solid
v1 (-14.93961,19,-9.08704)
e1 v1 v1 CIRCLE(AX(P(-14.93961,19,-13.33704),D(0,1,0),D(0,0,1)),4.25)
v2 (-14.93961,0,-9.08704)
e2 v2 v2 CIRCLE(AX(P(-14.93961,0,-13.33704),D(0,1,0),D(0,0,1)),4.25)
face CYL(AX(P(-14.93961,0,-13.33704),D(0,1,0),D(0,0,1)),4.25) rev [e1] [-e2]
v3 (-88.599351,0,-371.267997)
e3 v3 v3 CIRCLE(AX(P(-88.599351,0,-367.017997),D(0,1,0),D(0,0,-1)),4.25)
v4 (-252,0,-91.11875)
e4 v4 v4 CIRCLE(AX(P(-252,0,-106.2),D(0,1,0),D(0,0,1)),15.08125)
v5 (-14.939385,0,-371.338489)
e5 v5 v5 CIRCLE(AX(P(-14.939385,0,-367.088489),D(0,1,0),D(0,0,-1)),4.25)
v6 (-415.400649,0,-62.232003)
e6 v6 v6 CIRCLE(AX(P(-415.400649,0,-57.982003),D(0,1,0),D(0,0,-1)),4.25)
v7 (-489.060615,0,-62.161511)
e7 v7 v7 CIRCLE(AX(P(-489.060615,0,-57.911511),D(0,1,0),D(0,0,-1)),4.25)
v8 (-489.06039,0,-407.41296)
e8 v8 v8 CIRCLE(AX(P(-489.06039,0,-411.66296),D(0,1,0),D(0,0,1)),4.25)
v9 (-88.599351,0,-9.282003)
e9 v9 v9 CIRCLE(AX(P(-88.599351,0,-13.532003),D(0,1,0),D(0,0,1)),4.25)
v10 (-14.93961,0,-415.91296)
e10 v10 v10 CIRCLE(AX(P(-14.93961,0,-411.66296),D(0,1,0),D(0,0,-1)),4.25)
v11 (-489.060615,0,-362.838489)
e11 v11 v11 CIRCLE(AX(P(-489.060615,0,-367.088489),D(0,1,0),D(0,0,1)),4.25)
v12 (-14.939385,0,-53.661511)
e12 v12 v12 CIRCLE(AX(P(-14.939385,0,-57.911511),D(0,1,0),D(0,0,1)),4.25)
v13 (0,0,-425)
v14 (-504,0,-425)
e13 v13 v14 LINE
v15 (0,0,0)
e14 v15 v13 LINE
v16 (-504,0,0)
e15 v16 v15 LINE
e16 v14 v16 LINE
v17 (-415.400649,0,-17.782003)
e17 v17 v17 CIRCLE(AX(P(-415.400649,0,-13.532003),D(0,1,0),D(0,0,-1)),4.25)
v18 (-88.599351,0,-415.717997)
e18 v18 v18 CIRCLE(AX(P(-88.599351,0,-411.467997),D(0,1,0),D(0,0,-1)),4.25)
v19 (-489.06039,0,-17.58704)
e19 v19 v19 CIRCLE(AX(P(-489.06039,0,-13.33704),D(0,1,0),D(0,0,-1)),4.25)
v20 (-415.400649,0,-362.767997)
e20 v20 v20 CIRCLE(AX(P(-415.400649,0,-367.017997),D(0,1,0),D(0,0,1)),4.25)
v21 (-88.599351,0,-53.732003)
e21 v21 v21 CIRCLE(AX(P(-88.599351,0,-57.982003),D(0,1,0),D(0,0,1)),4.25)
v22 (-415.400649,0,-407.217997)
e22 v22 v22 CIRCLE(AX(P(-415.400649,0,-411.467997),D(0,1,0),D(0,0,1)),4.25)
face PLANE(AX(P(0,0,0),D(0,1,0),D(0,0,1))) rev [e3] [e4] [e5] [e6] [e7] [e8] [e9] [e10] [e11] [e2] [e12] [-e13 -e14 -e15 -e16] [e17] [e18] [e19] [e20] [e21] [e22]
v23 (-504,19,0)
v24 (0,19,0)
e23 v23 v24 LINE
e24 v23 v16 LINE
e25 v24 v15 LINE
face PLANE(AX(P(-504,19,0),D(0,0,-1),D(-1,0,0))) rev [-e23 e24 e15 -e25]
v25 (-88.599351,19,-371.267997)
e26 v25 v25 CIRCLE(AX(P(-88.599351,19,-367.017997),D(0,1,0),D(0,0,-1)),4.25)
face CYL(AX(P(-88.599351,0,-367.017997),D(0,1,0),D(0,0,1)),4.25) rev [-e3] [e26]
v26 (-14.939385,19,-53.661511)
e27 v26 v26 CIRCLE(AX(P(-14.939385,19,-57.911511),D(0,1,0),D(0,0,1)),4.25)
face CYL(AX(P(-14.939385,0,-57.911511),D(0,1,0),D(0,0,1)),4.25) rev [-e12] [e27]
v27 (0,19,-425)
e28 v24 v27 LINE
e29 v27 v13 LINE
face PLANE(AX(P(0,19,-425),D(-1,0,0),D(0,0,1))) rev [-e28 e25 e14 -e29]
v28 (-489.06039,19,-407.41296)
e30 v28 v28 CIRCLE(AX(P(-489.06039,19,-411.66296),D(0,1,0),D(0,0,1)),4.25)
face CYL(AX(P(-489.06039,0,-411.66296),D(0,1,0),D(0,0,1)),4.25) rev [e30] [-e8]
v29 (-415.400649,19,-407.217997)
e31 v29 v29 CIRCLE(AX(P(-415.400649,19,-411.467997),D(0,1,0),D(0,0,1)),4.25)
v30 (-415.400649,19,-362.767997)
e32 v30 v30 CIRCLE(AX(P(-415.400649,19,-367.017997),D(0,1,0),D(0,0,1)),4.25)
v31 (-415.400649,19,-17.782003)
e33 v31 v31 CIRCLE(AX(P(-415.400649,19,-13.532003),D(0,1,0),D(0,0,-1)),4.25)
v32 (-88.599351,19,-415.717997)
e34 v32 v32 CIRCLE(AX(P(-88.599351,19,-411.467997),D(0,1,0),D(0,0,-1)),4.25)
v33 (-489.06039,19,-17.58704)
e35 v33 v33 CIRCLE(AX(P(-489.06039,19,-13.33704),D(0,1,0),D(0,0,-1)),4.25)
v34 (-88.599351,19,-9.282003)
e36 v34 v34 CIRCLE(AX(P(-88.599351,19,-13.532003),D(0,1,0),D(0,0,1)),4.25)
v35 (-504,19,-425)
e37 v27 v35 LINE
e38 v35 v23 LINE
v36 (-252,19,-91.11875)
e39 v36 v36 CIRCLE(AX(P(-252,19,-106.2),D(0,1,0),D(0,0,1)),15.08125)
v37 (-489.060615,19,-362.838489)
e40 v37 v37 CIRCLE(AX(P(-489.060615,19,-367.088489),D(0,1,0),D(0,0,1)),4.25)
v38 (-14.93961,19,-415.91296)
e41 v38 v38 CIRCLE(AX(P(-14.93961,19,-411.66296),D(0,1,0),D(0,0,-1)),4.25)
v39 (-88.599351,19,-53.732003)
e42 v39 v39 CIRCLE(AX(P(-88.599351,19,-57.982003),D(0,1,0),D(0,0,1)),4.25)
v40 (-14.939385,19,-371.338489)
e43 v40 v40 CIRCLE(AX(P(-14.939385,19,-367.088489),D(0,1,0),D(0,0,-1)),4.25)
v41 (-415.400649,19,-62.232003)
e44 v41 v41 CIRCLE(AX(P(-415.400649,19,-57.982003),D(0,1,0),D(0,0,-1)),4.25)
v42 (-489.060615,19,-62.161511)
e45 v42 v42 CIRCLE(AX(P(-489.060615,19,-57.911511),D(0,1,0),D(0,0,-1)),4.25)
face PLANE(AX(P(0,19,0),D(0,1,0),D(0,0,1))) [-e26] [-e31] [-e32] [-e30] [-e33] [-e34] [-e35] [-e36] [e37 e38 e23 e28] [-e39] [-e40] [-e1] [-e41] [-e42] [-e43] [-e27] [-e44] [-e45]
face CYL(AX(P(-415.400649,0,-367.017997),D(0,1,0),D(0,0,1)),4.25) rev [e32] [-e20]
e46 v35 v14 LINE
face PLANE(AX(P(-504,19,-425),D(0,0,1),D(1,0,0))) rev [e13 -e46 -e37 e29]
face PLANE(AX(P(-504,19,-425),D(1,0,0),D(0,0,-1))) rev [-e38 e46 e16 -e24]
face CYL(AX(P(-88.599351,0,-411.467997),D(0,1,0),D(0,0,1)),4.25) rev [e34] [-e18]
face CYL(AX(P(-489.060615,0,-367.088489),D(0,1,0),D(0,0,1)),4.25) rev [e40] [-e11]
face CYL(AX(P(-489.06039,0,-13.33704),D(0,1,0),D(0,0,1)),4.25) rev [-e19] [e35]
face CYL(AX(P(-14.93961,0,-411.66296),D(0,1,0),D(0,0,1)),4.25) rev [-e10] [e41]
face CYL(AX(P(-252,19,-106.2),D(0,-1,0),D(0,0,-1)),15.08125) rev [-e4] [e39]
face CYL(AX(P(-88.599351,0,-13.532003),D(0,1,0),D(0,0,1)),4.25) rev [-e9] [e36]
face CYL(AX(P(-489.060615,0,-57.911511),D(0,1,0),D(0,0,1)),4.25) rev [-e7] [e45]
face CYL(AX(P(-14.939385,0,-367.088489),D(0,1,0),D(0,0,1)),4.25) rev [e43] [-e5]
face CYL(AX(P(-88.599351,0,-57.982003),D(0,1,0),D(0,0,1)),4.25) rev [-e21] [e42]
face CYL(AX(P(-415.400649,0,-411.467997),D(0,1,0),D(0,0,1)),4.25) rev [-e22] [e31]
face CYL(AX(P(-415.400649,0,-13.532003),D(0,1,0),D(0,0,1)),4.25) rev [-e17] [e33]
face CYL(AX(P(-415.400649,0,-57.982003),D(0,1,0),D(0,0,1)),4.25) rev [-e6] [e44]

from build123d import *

# Parameters (mm, degrees)
SKETCH1_W           = 504
SKETCH1_H           = 425
SKETCH1_R           = 15.08125
BOSS_EXTRUDE1_DEPTH = 19
SKETCH2_R           = 4.25
CUT_EXTRUDE3_DEPTH  = 19


with BuildPart() as part:
    # Sketch1 → Boss-Extrude1 (new body)
    with BuildSketch(Plane(origin=(0, 0, 0), x_dir=(1, 0, 0), z_dir=(0, 1, 0))):
        with Locations((-252, 212.5)):
            Rectangle(SKETCH1_W, SKETCH1_H)
        with Locations(Location((-252, 106.2, 0), (0, 0, 270))):  # turned: the seam where the file's is
            Circle(SKETCH1_R, mode=Mode.SUBTRACT)
    extrude(amount=BOSS_EXTRUDE1_DEPTH)

    # Sketch2 → Cut-Extrude3 (cut)
    with BuildSketch(Plane(origin=(0, 19, 0), x_dir=(1, 0, 0), z_dir=(0, 1, 0))):
        with Locations(Location((-88.599351486, 57.982002922, 0), (0, 0, 270))):  # turned: the seam where the file's is
            Circle(SKETCH2_R)
        with Locations(Location((-14.939385216, 57.911511452, 0), (0, 0, 270))):  # turned: the seam where the file's is
            Circle(SKETCH2_R)
        with Locations(Location((-88.599351486, 13.532002922, 0), (0, 0, 270))):  # turned: the seam where the file's is
            Circle(SKETCH2_R)
        with Locations(Location((-14.939609501, 13.337039706, 0), (0, 0, 270))):  # turned: the seam where the file's is
            Circle(SKETCH2_R)
        with Locations(Location((-14.939609501, 411.662960294, 0), (0, 0, 90))):  # turned: the seam where the file's is
            Circle(SKETCH2_R)
        with Locations(Location((-88.599351486, 411.467997078, 0), (0, 0, 90))):  # turned: the seam where the file's is
            Circle(SKETCH2_R)
        with Locations(Location((-14.939385216, 367.088488548, 0), (0, 0, 90))):  # turned: the seam where the file's is
            Circle(SKETCH2_R)
        with Locations(Location((-88.599351486, 367.017997078, 0), (0, 0, 90))):  # turned: the seam where the file's is
            Circle(SKETCH2_R)
        with Locations(Location((-415.400648514, 367.017997078, 0), (0, 0, 270))):  # turned: the seam where the file's is
            Circle(SKETCH2_R)
        with Locations(Location((-489.060614784, 367.088488548, 0), (0, 0, 270))):  # turned: the seam where the file's is
            Circle(SKETCH2_R)
        with Locations(Location((-415.400648514, 411.467997078, 0), (0, 0, 270))):  # turned: the seam where the file's is
            Circle(SKETCH2_R)
        with Locations(Location((-489.060390499, 411.662960294, 0), (0, 0, 270))):  # turned: the seam where the file's is
            Circle(SKETCH2_R)
        with Locations(Location((-489.060390499, 13.337039706, 0), (0, 0, 90))):  # turned: the seam where the file's is
            Circle(SKETCH2_R)
        with Locations(Location((-415.400648514, 13.532002922, 0), (0, 0, 90))):  # turned: the seam where the file's is
            Circle(SKETCH2_R)
        with Locations(Location((-489.060614784, 57.911511452, 0), (0, 0, 90))):  # turned: the seam where the file's is
            Circle(SKETCH2_R)
        with Locations(Location((-415.400648514, 57.982002922, 0), (0, 0, 90))):  # turned: the seam where the file's is
            Circle(SKETCH2_R)
    extrude(amount=-CUT_EXTRUDE3_DEPTH, mode=Mode.SUBTRACT)


solid = part.part
